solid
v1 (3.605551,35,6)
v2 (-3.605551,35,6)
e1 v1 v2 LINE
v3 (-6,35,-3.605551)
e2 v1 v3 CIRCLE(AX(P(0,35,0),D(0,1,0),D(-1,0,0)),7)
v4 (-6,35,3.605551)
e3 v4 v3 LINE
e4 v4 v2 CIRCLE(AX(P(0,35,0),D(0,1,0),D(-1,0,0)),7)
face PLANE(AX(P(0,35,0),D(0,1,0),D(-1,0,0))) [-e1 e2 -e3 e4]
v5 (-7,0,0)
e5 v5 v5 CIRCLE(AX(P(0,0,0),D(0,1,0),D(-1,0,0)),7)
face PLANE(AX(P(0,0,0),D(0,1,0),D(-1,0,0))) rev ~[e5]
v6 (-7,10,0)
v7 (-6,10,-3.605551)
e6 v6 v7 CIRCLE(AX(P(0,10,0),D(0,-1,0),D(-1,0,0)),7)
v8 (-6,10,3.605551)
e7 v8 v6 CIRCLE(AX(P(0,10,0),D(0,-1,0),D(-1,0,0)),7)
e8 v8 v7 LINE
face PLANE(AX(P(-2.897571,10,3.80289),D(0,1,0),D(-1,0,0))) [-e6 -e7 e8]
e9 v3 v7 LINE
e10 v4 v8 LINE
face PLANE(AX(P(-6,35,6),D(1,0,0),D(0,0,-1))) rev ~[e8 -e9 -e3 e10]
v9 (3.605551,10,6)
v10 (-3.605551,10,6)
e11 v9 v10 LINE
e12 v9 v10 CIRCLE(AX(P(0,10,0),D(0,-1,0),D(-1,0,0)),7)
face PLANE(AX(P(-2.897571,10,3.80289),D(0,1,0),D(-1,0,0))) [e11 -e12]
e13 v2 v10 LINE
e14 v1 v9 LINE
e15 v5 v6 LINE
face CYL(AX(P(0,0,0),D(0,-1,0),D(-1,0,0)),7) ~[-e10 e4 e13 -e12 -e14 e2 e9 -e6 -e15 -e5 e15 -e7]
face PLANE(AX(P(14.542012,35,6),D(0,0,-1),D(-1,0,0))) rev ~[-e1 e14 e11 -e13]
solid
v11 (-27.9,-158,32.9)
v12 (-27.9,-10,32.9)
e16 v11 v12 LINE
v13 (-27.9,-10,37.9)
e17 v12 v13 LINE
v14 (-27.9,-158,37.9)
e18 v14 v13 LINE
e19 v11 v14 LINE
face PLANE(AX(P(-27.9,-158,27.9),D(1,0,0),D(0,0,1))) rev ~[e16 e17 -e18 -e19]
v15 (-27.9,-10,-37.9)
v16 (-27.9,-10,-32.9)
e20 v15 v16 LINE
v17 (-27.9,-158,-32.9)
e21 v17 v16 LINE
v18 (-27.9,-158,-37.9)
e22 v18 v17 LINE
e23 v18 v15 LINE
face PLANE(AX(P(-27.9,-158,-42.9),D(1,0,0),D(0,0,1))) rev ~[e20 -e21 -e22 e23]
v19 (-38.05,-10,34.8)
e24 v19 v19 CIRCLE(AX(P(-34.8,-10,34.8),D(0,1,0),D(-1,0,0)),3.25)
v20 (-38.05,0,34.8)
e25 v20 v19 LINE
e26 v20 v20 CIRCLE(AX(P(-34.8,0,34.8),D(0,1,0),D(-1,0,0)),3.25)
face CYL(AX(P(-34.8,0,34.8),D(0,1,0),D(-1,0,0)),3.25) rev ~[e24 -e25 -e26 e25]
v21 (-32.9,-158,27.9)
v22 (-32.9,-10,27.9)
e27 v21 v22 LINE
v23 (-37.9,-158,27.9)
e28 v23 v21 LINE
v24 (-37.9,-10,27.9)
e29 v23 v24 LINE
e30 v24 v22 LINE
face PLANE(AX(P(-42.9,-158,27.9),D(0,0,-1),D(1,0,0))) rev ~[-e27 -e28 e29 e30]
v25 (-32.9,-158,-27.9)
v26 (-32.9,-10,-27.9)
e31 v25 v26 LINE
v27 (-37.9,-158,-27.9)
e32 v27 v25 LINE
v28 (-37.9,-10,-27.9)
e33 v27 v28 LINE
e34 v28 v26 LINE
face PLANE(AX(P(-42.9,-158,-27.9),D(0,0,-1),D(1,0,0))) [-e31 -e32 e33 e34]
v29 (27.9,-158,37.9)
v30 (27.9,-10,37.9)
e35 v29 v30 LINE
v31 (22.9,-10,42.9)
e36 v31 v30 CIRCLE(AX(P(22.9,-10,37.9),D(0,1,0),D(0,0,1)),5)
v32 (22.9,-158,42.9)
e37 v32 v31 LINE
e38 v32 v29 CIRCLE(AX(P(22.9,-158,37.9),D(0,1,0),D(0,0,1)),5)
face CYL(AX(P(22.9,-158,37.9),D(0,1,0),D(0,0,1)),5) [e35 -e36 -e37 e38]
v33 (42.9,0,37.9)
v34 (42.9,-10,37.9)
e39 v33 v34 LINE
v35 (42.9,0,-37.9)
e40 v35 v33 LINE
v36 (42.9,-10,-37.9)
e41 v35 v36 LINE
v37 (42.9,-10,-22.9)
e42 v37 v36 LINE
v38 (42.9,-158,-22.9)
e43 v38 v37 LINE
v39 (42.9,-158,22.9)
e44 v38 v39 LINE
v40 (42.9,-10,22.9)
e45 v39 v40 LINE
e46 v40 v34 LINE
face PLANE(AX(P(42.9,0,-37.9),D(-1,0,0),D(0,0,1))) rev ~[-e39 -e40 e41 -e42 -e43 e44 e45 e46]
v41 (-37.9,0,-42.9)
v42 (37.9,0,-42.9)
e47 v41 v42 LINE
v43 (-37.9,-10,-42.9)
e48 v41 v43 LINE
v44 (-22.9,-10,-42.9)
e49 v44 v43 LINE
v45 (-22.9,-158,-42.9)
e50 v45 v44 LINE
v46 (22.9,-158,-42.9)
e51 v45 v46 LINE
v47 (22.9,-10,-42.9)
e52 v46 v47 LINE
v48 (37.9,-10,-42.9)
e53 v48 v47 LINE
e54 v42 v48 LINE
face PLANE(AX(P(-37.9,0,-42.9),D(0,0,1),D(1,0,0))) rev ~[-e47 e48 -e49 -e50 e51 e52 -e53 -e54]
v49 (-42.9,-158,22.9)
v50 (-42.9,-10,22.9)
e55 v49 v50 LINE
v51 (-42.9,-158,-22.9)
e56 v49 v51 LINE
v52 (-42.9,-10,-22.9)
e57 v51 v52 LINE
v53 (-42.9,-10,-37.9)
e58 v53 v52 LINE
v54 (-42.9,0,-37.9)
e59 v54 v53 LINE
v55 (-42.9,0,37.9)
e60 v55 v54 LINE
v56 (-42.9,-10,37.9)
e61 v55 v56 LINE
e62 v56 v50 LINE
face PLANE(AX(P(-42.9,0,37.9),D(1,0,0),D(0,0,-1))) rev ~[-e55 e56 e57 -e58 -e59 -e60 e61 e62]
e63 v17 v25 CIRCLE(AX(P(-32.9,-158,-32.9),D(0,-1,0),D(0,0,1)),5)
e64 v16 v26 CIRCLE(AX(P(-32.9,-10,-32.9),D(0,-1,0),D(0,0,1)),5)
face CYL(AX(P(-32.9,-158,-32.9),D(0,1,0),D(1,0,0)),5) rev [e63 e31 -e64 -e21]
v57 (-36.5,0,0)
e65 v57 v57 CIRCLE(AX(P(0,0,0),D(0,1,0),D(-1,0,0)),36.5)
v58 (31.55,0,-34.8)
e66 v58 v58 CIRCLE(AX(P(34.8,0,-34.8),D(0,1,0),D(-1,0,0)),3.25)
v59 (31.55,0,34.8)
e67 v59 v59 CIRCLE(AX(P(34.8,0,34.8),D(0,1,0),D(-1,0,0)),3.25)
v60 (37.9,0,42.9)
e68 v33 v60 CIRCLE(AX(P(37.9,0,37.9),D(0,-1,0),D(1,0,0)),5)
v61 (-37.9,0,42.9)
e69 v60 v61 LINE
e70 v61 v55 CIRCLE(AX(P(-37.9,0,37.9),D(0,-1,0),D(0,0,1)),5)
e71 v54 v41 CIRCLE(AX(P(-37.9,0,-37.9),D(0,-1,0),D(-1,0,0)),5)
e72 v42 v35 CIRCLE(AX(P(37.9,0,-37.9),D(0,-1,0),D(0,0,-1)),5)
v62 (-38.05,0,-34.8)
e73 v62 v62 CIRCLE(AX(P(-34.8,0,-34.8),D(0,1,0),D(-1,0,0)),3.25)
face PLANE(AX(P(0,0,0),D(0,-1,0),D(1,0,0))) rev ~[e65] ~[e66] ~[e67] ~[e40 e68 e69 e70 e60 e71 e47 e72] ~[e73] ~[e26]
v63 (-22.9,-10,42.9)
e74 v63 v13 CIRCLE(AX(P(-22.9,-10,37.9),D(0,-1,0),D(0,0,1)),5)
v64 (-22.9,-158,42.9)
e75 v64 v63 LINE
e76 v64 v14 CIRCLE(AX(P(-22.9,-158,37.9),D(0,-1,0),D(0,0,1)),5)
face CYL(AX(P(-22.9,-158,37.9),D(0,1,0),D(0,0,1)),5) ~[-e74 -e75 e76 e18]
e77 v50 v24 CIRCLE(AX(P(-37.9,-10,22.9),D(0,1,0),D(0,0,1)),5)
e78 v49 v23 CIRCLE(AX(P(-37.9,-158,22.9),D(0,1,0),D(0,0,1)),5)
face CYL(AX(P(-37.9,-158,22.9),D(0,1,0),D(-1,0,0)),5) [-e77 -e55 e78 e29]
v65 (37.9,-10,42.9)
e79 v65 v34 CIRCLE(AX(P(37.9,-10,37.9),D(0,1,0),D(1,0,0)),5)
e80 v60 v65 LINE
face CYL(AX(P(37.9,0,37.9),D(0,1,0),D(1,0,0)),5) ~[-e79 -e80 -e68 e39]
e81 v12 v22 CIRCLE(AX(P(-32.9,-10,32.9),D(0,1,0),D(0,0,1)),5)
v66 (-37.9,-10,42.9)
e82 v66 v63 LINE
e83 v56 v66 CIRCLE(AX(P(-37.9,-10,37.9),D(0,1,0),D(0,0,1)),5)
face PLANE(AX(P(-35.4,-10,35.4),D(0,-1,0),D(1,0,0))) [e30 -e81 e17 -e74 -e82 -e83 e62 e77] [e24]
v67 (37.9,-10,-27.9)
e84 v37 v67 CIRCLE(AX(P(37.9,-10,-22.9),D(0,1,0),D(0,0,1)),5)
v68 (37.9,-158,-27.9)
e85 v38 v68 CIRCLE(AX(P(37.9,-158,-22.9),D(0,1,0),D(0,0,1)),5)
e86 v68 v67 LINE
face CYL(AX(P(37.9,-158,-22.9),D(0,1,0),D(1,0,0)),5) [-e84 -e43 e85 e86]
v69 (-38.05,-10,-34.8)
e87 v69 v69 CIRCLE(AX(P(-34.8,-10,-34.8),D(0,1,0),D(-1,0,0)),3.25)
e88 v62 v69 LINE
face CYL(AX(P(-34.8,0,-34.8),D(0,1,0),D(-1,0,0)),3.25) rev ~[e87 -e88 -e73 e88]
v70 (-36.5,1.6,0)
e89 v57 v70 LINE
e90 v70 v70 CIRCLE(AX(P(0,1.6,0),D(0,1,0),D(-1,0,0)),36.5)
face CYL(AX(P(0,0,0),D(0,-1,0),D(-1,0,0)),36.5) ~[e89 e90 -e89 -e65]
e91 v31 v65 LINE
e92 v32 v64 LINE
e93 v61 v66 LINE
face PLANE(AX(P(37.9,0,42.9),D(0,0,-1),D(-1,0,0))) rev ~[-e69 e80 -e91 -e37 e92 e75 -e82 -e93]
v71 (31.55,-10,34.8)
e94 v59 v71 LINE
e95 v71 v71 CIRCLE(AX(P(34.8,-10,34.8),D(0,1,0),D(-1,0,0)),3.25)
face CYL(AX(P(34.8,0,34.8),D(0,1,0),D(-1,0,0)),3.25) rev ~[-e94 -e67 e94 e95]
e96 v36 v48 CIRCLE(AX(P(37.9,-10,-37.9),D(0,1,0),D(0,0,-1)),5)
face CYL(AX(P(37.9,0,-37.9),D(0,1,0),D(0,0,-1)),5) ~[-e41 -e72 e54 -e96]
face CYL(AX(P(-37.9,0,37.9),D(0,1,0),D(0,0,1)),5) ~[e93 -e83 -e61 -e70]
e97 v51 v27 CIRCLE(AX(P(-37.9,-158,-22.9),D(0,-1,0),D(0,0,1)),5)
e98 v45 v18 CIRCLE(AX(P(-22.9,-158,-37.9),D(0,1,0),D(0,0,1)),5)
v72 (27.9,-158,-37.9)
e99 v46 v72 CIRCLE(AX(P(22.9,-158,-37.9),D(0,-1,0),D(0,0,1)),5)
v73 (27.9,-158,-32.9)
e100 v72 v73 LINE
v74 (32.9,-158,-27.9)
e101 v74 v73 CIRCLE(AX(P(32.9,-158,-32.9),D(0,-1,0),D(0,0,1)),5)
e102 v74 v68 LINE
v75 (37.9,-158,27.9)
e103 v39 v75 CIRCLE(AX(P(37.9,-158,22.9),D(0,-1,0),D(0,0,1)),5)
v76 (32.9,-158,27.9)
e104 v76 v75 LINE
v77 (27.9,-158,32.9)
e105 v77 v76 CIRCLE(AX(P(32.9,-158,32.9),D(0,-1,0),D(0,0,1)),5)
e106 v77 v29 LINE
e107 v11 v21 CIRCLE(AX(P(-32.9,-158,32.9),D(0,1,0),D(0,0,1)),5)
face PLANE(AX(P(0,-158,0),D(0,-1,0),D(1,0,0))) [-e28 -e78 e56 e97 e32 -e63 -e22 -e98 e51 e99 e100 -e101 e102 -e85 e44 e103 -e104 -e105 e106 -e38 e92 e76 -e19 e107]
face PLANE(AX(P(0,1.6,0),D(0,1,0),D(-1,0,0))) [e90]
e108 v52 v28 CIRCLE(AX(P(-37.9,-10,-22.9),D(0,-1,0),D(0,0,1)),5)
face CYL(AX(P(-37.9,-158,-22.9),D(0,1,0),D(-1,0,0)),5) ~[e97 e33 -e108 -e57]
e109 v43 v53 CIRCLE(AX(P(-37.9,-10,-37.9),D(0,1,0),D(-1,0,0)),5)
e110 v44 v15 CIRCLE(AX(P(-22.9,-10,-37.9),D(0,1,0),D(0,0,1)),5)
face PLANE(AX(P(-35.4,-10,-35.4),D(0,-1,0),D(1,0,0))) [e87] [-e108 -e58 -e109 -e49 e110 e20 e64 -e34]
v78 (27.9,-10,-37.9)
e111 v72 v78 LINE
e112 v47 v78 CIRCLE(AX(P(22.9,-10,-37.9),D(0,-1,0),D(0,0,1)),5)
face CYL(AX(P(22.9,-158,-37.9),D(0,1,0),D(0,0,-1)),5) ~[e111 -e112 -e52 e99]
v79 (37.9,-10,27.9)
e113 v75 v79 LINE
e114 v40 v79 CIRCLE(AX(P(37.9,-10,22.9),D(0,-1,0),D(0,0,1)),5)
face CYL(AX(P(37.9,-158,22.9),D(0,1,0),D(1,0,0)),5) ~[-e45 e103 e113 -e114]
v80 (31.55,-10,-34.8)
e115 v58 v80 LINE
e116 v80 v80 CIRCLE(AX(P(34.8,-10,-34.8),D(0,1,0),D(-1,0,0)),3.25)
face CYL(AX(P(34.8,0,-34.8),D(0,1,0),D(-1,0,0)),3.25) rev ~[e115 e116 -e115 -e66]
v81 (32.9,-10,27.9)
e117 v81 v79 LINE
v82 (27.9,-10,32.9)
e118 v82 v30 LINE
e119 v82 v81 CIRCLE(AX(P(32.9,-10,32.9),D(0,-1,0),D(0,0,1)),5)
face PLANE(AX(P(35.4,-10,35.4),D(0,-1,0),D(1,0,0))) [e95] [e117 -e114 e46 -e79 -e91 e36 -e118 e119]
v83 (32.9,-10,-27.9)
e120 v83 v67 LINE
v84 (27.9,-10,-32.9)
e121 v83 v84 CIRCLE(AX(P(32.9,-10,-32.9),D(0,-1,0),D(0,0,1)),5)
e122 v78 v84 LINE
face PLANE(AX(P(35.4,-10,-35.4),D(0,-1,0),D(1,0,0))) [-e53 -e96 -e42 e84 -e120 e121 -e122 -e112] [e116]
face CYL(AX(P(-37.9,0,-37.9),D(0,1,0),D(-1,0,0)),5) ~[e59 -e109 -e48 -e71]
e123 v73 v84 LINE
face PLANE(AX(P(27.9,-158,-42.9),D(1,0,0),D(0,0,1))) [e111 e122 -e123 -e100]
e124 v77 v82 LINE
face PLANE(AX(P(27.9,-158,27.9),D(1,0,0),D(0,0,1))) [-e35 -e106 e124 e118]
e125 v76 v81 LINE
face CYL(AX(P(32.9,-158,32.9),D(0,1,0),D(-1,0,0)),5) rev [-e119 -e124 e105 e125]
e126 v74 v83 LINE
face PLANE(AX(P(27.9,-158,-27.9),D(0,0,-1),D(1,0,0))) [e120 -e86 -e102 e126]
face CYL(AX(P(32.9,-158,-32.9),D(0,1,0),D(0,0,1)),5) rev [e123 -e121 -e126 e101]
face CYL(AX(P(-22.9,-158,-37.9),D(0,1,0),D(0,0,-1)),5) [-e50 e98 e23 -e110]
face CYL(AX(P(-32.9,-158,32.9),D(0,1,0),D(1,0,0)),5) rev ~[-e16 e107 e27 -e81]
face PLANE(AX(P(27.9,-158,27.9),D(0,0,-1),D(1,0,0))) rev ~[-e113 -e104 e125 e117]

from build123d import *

# Parameters (mm, degrees)
F1_DEPTH  = 158
F2_W      = 15
F2_H      = 15
F3_DEPTH  = 148
F4_R      = 3.25
F5_DEPTH  = 10
F6_R      = 5
F7_R      = 36.5
F8_DEPTH  = 1.6
F9_R      = 7
F10_DEPTH = 35
F12_DEPTH = 25


with BuildPart() as f1:
    # F0 (on Front) → F1 (new body)
    with BuildSketch(Plane.XZ):
        with BuildLine():
            Line((37.9, 42.9), (-37.9, 42.9))
            ThreePointArc((-37.9, 42.9), (-41.4355339059, 41.4355339059), (-42.9, 37.9))
            Line((-42.9, 37.9), (-42.9, -37.9))
            ThreePointArc((-42.9, -37.9), (-41.4355339059, -41.4355339059), (-37.9, -42.9))
            Line((-37.9, -42.9), (37.9, -42.9))
            ThreePointArc((37.9, -42.9), (41.4355339059, -41.4355339059), (42.9, -37.9))
            Line((42.9, -37.9), (42.9, 37.9))
            ThreePointArc((42.9, 37.9), (41.4355339059, 41.4355339059), (37.9, 42.9))
        make_face()
    extrude(amount=F1_DEPTH)

    # F2 (on face) → F3 (cut)
    with BuildSketch(Plane.XZ.offset(158)):
        with Locations((35.4, 35.4)):
            Rectangle(F2_W, F2_H)
        with Locations((-35.4, 35.4)):
            Rectangle(F2_W, F2_H)
        with Locations((-35.4, -35.4)):
            Rectangle(F2_W, F2_H)
        with Locations((35.4, -35.4)):
            Rectangle(F2_W, F2_H)
    extrude(amount=-F3_DEPTH, mode=Mode.SUBTRACT)

    # F4 (on face) → F5 (cut, through all)
    with BuildSketch(Plane(origin=(0, 0, 0), x_dir=(-1, 0, 0), z_dir=(0, 1, 0))):
        with Locations((34.8, 34.8)):
            Circle(F4_R)
        with Locations((-34.8, 34.8)):
            Circle(F4_R)
        with Locations((34.8, -34.8)):
            Circle(F4_R)
        with Locations((-34.8, -34.8)):
            Circle(F4_R)
    extrude(amount=-F5_DEPTH, mode=Mode.SUBTRACT)

    # F6
    f6_edges = [f1.edges().sort_by_distance(p)[0] for p in [
        (-42.9, -84, 27.9),
        (-42.9, -84, -27.9),
        (-27.9, -84, -27.9),
        (-27.9, -84, -42.9),
        (27.9, -84, -42.9),
        (-27.9, -84, 42.9),
        (27.9, -84, -27.9),
        (42.9, -84, -27.9),
        (42.9, -84, 27.9),
        (27.9, -84, 42.9),
        (27.9, -84, 27.9),
        (-27.9, -84, 27.9),
    ]]
    fillet(f6_edges, radius=F6_R)

    # F7 (on face) → F8 (join)
    with BuildSketch(Plane(origin=(0, 0, 0), x_dir=(-1, 0, 0), z_dir=(0, 1, 0))):
        Circle(F7_R)
    extrude(amount=F8_DEPTH)


with BuildPart() as f10:
    # F9 (on face) → F10 (new body)
    with BuildSketch(Plane(origin=(0, 0, 0), x_dir=(-1, 0, 0), z_dir=(0, 1, 0))):
        Circle(F9_R)
    extrude(amount=F10_DEPTH)

    # F11 (on face) → F12 (cut)
    with BuildSketch(Plane(origin=(0, 35, 0), x_dir=(-1, 0, 0), z_dir=(0, 1, 0))):
        Polygon((-14.5420123405, 12.7583807334), (-14.5420123405, 6), (6, 6), (6, -12.0489969126), (13.1983235478, -12.4650839716), (13.1983235478, 12.7583807334), align=None)
    extrude(amount=-F12_DEPTH, mode=Mode.SUBTRACT)


solid = Compound([f1.part, f10.part])
